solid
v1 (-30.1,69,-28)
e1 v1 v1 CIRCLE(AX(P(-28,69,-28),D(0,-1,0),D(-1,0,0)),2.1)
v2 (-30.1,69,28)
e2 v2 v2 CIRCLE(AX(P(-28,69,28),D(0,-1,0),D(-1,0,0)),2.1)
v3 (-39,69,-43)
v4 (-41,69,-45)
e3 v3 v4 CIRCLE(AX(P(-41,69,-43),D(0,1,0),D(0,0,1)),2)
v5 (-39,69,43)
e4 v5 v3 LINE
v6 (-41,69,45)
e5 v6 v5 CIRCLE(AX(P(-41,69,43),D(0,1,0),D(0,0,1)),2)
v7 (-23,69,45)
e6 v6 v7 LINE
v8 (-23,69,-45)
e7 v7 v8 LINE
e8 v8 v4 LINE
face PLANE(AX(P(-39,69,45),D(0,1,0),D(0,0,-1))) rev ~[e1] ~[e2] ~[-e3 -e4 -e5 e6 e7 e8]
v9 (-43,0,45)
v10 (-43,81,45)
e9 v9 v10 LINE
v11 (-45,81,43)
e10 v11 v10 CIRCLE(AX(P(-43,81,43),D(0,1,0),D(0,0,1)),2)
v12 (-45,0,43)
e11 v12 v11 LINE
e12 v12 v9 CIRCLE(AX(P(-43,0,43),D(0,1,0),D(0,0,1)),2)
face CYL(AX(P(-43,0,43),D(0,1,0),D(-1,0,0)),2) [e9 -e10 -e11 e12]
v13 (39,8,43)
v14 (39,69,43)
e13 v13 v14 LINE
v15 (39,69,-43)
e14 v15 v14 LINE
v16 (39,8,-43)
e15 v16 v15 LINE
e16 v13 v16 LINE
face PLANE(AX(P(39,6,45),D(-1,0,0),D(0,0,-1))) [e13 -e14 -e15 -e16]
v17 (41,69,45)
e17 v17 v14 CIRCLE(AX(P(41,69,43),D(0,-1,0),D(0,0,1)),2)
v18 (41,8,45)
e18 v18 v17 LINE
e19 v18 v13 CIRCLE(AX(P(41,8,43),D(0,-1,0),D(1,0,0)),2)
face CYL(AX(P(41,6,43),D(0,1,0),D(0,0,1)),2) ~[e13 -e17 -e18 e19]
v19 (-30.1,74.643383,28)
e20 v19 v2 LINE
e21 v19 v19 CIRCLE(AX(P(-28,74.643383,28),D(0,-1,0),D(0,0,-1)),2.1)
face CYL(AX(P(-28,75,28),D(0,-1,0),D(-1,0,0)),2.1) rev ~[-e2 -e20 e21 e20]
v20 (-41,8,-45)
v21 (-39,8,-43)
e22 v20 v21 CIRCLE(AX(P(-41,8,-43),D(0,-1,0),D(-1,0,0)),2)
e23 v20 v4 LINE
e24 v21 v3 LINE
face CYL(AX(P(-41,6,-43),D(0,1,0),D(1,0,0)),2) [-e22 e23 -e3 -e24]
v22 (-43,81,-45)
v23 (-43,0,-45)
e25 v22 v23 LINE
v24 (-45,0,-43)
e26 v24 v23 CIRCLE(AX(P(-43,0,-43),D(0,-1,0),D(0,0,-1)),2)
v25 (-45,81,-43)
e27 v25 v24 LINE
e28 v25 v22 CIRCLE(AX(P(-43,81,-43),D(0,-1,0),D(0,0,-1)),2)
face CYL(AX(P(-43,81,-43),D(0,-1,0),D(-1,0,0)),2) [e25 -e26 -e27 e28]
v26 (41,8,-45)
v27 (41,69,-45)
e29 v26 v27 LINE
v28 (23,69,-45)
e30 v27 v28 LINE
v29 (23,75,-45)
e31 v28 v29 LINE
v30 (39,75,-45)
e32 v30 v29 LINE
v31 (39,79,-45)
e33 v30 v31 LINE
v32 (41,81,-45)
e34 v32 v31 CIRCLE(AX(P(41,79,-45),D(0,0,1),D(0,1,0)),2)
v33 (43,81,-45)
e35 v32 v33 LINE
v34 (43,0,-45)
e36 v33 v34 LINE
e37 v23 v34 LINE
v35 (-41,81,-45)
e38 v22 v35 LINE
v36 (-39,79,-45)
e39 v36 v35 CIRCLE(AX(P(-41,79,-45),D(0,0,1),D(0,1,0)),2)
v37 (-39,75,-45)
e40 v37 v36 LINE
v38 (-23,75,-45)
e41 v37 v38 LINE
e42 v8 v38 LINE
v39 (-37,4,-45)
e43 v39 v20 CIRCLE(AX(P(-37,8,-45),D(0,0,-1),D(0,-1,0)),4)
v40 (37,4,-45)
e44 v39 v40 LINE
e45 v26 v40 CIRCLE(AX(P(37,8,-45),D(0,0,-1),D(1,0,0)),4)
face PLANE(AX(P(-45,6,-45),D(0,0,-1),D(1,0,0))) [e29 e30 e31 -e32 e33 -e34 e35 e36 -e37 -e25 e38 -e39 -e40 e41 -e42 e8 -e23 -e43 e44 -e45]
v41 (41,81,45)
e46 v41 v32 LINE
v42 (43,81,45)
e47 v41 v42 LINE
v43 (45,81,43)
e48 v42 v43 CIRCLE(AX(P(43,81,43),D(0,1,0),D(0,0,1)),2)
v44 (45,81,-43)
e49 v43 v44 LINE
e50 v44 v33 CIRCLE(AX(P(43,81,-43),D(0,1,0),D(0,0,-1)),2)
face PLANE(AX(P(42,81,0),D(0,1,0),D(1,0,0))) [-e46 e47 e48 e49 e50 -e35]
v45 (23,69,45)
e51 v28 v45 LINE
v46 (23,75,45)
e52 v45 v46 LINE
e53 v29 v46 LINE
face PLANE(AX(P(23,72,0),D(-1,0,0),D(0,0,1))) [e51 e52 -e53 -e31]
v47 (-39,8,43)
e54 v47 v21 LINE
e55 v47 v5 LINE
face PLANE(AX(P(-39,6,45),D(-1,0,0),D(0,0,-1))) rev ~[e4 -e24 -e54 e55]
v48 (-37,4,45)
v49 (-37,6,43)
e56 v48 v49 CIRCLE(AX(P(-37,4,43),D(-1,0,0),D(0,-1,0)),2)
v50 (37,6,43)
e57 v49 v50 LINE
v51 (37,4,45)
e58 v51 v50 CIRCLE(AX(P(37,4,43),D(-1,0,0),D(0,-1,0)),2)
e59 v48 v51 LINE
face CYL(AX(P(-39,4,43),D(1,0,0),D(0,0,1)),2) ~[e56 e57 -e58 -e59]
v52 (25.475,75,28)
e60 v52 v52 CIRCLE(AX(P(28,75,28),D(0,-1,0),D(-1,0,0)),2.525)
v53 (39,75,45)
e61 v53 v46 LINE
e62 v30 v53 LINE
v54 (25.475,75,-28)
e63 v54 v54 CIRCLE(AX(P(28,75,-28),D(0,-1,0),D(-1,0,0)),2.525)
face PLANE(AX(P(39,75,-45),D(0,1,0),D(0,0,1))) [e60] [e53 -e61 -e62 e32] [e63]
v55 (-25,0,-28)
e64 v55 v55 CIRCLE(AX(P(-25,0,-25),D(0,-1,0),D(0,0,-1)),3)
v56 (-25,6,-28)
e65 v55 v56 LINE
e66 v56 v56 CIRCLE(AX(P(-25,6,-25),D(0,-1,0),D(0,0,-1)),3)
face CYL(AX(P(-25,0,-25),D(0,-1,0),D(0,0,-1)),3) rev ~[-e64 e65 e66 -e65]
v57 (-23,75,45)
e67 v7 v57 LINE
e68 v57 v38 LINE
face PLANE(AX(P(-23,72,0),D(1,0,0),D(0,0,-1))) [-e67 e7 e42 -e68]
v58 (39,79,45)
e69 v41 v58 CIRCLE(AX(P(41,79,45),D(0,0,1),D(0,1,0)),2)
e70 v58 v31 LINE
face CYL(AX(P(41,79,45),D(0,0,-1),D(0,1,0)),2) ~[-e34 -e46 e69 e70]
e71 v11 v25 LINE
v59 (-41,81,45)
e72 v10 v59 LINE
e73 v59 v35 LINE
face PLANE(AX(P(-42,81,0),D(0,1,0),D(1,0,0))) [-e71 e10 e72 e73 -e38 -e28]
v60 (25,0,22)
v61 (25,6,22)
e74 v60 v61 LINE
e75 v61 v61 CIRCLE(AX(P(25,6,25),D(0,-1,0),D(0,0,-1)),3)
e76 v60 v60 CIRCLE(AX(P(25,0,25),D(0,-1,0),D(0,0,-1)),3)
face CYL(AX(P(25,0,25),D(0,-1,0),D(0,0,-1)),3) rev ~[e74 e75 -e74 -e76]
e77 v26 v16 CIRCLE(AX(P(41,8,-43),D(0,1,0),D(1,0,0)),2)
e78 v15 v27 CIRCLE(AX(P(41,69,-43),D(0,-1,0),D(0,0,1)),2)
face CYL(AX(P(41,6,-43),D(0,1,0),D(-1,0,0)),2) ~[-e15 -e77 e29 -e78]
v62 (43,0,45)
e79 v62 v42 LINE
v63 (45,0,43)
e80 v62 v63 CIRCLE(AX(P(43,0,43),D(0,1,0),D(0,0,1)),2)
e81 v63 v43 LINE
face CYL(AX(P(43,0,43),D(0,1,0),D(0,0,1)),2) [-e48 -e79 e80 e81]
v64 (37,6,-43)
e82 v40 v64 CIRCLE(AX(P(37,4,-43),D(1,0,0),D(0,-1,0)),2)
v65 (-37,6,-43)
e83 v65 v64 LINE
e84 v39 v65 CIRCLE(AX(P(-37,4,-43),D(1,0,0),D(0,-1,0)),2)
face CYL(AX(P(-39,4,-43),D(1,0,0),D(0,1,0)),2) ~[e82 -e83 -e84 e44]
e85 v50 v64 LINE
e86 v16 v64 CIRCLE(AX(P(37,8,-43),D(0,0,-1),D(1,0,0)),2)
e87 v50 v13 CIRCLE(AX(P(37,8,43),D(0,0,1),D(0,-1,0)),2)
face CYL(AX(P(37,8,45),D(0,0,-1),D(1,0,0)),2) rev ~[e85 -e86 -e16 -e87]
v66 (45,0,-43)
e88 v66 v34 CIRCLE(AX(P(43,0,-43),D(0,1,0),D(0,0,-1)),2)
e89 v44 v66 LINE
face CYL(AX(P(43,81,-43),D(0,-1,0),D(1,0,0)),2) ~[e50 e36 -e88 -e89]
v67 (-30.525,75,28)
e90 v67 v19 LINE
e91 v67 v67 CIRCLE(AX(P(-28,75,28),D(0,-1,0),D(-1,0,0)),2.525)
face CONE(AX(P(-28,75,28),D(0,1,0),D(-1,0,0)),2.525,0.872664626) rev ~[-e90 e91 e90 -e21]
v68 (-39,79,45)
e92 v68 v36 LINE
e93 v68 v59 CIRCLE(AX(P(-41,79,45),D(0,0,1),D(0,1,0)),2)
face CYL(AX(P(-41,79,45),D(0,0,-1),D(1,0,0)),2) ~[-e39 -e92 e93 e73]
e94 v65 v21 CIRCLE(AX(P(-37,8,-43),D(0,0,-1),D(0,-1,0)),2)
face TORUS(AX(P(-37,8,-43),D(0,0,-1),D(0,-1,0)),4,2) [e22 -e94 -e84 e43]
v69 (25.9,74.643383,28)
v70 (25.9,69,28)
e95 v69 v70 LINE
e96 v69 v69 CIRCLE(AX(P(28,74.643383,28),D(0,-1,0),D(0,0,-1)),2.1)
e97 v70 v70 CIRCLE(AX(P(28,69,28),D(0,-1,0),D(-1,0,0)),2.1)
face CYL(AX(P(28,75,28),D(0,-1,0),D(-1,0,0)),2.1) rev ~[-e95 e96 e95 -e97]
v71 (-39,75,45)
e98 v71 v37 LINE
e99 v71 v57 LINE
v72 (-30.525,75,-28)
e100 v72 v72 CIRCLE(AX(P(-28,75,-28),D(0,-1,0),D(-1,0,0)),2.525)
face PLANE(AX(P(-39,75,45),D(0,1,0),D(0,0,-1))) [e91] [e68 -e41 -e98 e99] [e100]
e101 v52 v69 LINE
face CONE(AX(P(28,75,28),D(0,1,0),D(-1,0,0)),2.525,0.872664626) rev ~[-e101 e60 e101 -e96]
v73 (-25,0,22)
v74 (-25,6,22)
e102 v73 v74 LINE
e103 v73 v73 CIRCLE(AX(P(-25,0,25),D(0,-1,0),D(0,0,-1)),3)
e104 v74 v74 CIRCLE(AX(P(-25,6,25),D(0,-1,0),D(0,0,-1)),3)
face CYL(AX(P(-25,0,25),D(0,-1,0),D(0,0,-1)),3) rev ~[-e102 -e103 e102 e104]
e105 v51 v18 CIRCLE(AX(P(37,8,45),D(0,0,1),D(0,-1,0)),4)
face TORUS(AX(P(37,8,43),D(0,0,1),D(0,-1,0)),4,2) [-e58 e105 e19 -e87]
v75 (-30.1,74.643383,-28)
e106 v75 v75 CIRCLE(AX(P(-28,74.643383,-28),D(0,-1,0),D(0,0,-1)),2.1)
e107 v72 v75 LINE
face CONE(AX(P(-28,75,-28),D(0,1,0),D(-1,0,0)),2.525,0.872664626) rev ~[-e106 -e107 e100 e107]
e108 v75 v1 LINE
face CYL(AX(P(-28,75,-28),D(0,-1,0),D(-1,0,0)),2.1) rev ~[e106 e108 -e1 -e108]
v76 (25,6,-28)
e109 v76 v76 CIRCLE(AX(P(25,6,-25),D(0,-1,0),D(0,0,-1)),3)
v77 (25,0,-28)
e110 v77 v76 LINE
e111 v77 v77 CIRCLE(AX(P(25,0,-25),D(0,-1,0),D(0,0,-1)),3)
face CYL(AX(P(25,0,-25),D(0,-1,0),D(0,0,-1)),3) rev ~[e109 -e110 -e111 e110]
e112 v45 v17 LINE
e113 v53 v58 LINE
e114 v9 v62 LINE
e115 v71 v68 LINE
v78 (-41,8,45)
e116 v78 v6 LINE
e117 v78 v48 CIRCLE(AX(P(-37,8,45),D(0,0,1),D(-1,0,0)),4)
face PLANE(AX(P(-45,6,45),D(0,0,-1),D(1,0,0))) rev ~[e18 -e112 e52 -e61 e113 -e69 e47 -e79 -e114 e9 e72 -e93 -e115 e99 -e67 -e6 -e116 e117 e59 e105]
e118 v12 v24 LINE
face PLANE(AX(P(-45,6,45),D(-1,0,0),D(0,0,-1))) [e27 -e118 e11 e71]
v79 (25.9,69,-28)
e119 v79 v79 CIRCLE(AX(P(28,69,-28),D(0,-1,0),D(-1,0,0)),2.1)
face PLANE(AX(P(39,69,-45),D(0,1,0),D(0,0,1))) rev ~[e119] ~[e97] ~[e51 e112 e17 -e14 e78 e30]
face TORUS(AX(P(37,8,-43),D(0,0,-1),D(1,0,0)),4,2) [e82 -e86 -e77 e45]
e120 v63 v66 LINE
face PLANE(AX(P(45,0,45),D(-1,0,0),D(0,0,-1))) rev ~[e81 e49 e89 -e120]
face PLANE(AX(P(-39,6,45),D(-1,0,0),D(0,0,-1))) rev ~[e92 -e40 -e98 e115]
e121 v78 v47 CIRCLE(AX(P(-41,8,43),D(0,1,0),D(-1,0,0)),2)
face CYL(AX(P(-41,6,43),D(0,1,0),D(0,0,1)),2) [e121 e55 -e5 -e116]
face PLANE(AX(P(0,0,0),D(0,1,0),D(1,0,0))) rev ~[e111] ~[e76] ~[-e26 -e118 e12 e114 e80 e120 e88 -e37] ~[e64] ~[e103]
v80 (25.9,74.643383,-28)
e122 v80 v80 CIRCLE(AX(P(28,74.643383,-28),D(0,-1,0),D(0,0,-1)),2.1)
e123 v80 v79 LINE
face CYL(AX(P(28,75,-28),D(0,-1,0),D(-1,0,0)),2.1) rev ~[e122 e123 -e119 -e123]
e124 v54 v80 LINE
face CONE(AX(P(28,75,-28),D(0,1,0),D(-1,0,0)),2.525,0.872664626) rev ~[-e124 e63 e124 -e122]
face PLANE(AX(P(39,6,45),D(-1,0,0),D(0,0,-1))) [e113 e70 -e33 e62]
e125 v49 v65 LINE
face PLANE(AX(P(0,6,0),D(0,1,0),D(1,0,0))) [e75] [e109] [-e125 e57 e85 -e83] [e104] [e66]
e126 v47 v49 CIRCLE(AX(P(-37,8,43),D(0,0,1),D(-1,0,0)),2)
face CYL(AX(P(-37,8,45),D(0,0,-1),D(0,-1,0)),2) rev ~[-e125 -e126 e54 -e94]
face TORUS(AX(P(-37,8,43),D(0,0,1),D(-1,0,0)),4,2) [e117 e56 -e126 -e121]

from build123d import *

# Parameters (mm, degrees)
SKETCH2_W                       = 90
SKETCH2_H                       = 90
BOSS_EXTRUDE1_DEPTH             = 6
SKETCH3_W                       = 6
SKETCH3_H                       = 90
BOSS_EXTRUDE2_DEPTH             = 75
SKETCH5_W                       = 90
SKETCH5_H                       = 6
BOSS_EXTRUDE3_DEPTH             = 16
SKETCH6_W                       = 90
SKETCH6_H                       = 6
BOSS_EXTRUDE4_DEPTH             = 16
CUT_EXTRUDE1_REACH              = 105.01
SKETCH7_R                       = 3
M5X0_8_TAPPED_HOLE2_D           = 4.2
M5X0_8_TAPPED_HOLE2_DEPTH       = 6
M5X0_8_TAPPED_HOLE2_CSINK_D     = 5.05
M5X0_8_TAPPED_HOLE2_CSINK_ANGLE = 100
FILLET2_R                       = 2


with BuildPart() as part:
    # Sketch2 → Boss-Extrude1 (new body)
    with BuildSketch(Plane(origin=(0, 0, 0), x_dir=(1, 0, 0), z_dir=(0, 1, 0))):
        Rectangle(SKETCH2_W, SKETCH2_H)
    extrude(amount=BOSS_EXTRUDE1_DEPTH)

    # Sketch3 → Boss-Extrude2 (add)
    with BuildSketch(Plane(origin=(0, 6, 0), x_dir=(1, 0, 0), z_dir=(0, 1, 0))):
        with Locations((-42, 0)):
            Rectangle(SKETCH3_W, SKETCH3_H)
        with Locations((42, 0)):
            Rectangle(SKETCH3_W, SKETCH3_H)
    extrude(amount=BOSS_EXTRUDE2_DEPTH)

    # Sketch5 → Boss-Extrude3 (add)
    with BuildSketch(Plane(origin=(-39, 0, 0), x_dir=(0, 0, -1), z_dir=(1, 0, 0))):
        with Locations((0, 72)):
            Rectangle(SKETCH5_W, SKETCH5_H)
    extrude(amount=BOSS_EXTRUDE3_DEPTH)

    # Sketch6 → Boss-Extrude4 (add)
    with BuildSketch(Plane.ZY.offset(-39)):
        with Locations((0, 72)):
            Rectangle(SKETCH6_W, SKETCH6_H)
    extrude(amount=BOSS_EXTRUDE4_DEPTH)

    # Sketch7 → Cut-Extrude1 (cut, up to next)
    with BuildSketch(Plane.XZ, mode=Mode.PRIVATE) as cut_extrude1_sk1:
        with Locations(Location((-25, 25, 0), (0, 0, 270))):
            Circle(SKETCH7_R)
    cut_extrude1_tool1 = extrude(cut_extrude1_sk1.sketch, amount=-CUT_EXTRUDE1_REACH, mode=Mode.PRIVATE) & part.part
    # Sketch7 → Cut-Extrude1 (cut, up to next)
    with BuildSketch(Plane.XZ, mode=Mode.PRIVATE) as cut_extrude1_sk2:
        with Locations(Location((25, 25, 0), (0, 0, 270))):
            Circle(SKETCH7_R)
    cut_extrude1_tool2 = extrude(cut_extrude1_sk2.sketch, amount=-CUT_EXTRUDE1_REACH, mode=Mode.PRIVATE) & part.part
    # Sketch7 → Cut-Extrude1 (cut, up to next)
    with BuildSketch(Plane.XZ, mode=Mode.PRIVATE) as cut_extrude1_sk3:
        with Locations(Location((25, -25, 0), (0, 0, 270))):
            Circle(SKETCH7_R)
    cut_extrude1_tool3 = extrude(cut_extrude1_sk3.sketch, amount=-CUT_EXTRUDE1_REACH, mode=Mode.PRIVATE) & part.part
    # Sketch7 → Cut-Extrude1 (cut, up to next)
    with BuildSketch(Plane.XZ, mode=Mode.PRIVATE) as cut_extrude1_sk4:
        with Locations(Location((-25, -25, 0), (0, 0, 270))):
            Circle(SKETCH7_R)
    cut_extrude1_tool4 = extrude(cut_extrude1_sk4.sketch, amount=-CUT_EXTRUDE1_REACH, mode=Mode.PRIVATE) & part.part
    add(cut_extrude1_tool1.solids().sort_by_distance((-25, 0, 25))[0], mode=Mode.SUBTRACT)
    add(cut_extrude1_tool2.solids().sort_by_distance((25, 0, 25))[0], mode=Mode.SUBTRACT)
    add(cut_extrude1_tool3.solids().sort_by_distance((25, 0, -25))[0], mode=Mode.SUBTRACT)
    add(cut_extrude1_tool4.solids().sort_by_distance((-25, 0, -25))[0], mode=Mode.SUBTRACT)

    # M5x0.8 Tapped Hole2
    with Locations(Plane(origin=(0, 75, 0), x_dir=(1, 0, 0), z_dir=(0, 1, 0))):
        with Locations((-28, 28), (-28, -28), (28, -28), (28, 28)):
            CounterSinkHole(M5X0_8_TAPPED_HOLE2_D / 2, M5X0_8_TAPPED_HOLE2_CSINK_D / 2, depth=M5X0_8_TAPPED_HOLE2_DEPTH, counter_sink_angle=M5X0_8_TAPPED_HOLE2_CSINK_ANGLE)

    # Fillet2
    fillet2_edges = [part.edges().sort_by_distance(p)[0] for p in [
        (-45, 40.5, 45),
        (-39, 37.5, 45),
        (0, 6, 45),
        (39, 37.5, 45),
        (45, 40.5, 45),
        (45, 40.5, -45),
        (39, 37.5, -45),
        (0, 6, -45),
        (-39, 37.5, -45),
        (-45, 40.5, -45),
        (39, 81, 0),
        (39, 6, 0),
        (-39, 6, 0),
        (-39, 81, 0),
    ]]
    fillet(fillet2_edges, radius=FILLET2_R)


solid = part.part
